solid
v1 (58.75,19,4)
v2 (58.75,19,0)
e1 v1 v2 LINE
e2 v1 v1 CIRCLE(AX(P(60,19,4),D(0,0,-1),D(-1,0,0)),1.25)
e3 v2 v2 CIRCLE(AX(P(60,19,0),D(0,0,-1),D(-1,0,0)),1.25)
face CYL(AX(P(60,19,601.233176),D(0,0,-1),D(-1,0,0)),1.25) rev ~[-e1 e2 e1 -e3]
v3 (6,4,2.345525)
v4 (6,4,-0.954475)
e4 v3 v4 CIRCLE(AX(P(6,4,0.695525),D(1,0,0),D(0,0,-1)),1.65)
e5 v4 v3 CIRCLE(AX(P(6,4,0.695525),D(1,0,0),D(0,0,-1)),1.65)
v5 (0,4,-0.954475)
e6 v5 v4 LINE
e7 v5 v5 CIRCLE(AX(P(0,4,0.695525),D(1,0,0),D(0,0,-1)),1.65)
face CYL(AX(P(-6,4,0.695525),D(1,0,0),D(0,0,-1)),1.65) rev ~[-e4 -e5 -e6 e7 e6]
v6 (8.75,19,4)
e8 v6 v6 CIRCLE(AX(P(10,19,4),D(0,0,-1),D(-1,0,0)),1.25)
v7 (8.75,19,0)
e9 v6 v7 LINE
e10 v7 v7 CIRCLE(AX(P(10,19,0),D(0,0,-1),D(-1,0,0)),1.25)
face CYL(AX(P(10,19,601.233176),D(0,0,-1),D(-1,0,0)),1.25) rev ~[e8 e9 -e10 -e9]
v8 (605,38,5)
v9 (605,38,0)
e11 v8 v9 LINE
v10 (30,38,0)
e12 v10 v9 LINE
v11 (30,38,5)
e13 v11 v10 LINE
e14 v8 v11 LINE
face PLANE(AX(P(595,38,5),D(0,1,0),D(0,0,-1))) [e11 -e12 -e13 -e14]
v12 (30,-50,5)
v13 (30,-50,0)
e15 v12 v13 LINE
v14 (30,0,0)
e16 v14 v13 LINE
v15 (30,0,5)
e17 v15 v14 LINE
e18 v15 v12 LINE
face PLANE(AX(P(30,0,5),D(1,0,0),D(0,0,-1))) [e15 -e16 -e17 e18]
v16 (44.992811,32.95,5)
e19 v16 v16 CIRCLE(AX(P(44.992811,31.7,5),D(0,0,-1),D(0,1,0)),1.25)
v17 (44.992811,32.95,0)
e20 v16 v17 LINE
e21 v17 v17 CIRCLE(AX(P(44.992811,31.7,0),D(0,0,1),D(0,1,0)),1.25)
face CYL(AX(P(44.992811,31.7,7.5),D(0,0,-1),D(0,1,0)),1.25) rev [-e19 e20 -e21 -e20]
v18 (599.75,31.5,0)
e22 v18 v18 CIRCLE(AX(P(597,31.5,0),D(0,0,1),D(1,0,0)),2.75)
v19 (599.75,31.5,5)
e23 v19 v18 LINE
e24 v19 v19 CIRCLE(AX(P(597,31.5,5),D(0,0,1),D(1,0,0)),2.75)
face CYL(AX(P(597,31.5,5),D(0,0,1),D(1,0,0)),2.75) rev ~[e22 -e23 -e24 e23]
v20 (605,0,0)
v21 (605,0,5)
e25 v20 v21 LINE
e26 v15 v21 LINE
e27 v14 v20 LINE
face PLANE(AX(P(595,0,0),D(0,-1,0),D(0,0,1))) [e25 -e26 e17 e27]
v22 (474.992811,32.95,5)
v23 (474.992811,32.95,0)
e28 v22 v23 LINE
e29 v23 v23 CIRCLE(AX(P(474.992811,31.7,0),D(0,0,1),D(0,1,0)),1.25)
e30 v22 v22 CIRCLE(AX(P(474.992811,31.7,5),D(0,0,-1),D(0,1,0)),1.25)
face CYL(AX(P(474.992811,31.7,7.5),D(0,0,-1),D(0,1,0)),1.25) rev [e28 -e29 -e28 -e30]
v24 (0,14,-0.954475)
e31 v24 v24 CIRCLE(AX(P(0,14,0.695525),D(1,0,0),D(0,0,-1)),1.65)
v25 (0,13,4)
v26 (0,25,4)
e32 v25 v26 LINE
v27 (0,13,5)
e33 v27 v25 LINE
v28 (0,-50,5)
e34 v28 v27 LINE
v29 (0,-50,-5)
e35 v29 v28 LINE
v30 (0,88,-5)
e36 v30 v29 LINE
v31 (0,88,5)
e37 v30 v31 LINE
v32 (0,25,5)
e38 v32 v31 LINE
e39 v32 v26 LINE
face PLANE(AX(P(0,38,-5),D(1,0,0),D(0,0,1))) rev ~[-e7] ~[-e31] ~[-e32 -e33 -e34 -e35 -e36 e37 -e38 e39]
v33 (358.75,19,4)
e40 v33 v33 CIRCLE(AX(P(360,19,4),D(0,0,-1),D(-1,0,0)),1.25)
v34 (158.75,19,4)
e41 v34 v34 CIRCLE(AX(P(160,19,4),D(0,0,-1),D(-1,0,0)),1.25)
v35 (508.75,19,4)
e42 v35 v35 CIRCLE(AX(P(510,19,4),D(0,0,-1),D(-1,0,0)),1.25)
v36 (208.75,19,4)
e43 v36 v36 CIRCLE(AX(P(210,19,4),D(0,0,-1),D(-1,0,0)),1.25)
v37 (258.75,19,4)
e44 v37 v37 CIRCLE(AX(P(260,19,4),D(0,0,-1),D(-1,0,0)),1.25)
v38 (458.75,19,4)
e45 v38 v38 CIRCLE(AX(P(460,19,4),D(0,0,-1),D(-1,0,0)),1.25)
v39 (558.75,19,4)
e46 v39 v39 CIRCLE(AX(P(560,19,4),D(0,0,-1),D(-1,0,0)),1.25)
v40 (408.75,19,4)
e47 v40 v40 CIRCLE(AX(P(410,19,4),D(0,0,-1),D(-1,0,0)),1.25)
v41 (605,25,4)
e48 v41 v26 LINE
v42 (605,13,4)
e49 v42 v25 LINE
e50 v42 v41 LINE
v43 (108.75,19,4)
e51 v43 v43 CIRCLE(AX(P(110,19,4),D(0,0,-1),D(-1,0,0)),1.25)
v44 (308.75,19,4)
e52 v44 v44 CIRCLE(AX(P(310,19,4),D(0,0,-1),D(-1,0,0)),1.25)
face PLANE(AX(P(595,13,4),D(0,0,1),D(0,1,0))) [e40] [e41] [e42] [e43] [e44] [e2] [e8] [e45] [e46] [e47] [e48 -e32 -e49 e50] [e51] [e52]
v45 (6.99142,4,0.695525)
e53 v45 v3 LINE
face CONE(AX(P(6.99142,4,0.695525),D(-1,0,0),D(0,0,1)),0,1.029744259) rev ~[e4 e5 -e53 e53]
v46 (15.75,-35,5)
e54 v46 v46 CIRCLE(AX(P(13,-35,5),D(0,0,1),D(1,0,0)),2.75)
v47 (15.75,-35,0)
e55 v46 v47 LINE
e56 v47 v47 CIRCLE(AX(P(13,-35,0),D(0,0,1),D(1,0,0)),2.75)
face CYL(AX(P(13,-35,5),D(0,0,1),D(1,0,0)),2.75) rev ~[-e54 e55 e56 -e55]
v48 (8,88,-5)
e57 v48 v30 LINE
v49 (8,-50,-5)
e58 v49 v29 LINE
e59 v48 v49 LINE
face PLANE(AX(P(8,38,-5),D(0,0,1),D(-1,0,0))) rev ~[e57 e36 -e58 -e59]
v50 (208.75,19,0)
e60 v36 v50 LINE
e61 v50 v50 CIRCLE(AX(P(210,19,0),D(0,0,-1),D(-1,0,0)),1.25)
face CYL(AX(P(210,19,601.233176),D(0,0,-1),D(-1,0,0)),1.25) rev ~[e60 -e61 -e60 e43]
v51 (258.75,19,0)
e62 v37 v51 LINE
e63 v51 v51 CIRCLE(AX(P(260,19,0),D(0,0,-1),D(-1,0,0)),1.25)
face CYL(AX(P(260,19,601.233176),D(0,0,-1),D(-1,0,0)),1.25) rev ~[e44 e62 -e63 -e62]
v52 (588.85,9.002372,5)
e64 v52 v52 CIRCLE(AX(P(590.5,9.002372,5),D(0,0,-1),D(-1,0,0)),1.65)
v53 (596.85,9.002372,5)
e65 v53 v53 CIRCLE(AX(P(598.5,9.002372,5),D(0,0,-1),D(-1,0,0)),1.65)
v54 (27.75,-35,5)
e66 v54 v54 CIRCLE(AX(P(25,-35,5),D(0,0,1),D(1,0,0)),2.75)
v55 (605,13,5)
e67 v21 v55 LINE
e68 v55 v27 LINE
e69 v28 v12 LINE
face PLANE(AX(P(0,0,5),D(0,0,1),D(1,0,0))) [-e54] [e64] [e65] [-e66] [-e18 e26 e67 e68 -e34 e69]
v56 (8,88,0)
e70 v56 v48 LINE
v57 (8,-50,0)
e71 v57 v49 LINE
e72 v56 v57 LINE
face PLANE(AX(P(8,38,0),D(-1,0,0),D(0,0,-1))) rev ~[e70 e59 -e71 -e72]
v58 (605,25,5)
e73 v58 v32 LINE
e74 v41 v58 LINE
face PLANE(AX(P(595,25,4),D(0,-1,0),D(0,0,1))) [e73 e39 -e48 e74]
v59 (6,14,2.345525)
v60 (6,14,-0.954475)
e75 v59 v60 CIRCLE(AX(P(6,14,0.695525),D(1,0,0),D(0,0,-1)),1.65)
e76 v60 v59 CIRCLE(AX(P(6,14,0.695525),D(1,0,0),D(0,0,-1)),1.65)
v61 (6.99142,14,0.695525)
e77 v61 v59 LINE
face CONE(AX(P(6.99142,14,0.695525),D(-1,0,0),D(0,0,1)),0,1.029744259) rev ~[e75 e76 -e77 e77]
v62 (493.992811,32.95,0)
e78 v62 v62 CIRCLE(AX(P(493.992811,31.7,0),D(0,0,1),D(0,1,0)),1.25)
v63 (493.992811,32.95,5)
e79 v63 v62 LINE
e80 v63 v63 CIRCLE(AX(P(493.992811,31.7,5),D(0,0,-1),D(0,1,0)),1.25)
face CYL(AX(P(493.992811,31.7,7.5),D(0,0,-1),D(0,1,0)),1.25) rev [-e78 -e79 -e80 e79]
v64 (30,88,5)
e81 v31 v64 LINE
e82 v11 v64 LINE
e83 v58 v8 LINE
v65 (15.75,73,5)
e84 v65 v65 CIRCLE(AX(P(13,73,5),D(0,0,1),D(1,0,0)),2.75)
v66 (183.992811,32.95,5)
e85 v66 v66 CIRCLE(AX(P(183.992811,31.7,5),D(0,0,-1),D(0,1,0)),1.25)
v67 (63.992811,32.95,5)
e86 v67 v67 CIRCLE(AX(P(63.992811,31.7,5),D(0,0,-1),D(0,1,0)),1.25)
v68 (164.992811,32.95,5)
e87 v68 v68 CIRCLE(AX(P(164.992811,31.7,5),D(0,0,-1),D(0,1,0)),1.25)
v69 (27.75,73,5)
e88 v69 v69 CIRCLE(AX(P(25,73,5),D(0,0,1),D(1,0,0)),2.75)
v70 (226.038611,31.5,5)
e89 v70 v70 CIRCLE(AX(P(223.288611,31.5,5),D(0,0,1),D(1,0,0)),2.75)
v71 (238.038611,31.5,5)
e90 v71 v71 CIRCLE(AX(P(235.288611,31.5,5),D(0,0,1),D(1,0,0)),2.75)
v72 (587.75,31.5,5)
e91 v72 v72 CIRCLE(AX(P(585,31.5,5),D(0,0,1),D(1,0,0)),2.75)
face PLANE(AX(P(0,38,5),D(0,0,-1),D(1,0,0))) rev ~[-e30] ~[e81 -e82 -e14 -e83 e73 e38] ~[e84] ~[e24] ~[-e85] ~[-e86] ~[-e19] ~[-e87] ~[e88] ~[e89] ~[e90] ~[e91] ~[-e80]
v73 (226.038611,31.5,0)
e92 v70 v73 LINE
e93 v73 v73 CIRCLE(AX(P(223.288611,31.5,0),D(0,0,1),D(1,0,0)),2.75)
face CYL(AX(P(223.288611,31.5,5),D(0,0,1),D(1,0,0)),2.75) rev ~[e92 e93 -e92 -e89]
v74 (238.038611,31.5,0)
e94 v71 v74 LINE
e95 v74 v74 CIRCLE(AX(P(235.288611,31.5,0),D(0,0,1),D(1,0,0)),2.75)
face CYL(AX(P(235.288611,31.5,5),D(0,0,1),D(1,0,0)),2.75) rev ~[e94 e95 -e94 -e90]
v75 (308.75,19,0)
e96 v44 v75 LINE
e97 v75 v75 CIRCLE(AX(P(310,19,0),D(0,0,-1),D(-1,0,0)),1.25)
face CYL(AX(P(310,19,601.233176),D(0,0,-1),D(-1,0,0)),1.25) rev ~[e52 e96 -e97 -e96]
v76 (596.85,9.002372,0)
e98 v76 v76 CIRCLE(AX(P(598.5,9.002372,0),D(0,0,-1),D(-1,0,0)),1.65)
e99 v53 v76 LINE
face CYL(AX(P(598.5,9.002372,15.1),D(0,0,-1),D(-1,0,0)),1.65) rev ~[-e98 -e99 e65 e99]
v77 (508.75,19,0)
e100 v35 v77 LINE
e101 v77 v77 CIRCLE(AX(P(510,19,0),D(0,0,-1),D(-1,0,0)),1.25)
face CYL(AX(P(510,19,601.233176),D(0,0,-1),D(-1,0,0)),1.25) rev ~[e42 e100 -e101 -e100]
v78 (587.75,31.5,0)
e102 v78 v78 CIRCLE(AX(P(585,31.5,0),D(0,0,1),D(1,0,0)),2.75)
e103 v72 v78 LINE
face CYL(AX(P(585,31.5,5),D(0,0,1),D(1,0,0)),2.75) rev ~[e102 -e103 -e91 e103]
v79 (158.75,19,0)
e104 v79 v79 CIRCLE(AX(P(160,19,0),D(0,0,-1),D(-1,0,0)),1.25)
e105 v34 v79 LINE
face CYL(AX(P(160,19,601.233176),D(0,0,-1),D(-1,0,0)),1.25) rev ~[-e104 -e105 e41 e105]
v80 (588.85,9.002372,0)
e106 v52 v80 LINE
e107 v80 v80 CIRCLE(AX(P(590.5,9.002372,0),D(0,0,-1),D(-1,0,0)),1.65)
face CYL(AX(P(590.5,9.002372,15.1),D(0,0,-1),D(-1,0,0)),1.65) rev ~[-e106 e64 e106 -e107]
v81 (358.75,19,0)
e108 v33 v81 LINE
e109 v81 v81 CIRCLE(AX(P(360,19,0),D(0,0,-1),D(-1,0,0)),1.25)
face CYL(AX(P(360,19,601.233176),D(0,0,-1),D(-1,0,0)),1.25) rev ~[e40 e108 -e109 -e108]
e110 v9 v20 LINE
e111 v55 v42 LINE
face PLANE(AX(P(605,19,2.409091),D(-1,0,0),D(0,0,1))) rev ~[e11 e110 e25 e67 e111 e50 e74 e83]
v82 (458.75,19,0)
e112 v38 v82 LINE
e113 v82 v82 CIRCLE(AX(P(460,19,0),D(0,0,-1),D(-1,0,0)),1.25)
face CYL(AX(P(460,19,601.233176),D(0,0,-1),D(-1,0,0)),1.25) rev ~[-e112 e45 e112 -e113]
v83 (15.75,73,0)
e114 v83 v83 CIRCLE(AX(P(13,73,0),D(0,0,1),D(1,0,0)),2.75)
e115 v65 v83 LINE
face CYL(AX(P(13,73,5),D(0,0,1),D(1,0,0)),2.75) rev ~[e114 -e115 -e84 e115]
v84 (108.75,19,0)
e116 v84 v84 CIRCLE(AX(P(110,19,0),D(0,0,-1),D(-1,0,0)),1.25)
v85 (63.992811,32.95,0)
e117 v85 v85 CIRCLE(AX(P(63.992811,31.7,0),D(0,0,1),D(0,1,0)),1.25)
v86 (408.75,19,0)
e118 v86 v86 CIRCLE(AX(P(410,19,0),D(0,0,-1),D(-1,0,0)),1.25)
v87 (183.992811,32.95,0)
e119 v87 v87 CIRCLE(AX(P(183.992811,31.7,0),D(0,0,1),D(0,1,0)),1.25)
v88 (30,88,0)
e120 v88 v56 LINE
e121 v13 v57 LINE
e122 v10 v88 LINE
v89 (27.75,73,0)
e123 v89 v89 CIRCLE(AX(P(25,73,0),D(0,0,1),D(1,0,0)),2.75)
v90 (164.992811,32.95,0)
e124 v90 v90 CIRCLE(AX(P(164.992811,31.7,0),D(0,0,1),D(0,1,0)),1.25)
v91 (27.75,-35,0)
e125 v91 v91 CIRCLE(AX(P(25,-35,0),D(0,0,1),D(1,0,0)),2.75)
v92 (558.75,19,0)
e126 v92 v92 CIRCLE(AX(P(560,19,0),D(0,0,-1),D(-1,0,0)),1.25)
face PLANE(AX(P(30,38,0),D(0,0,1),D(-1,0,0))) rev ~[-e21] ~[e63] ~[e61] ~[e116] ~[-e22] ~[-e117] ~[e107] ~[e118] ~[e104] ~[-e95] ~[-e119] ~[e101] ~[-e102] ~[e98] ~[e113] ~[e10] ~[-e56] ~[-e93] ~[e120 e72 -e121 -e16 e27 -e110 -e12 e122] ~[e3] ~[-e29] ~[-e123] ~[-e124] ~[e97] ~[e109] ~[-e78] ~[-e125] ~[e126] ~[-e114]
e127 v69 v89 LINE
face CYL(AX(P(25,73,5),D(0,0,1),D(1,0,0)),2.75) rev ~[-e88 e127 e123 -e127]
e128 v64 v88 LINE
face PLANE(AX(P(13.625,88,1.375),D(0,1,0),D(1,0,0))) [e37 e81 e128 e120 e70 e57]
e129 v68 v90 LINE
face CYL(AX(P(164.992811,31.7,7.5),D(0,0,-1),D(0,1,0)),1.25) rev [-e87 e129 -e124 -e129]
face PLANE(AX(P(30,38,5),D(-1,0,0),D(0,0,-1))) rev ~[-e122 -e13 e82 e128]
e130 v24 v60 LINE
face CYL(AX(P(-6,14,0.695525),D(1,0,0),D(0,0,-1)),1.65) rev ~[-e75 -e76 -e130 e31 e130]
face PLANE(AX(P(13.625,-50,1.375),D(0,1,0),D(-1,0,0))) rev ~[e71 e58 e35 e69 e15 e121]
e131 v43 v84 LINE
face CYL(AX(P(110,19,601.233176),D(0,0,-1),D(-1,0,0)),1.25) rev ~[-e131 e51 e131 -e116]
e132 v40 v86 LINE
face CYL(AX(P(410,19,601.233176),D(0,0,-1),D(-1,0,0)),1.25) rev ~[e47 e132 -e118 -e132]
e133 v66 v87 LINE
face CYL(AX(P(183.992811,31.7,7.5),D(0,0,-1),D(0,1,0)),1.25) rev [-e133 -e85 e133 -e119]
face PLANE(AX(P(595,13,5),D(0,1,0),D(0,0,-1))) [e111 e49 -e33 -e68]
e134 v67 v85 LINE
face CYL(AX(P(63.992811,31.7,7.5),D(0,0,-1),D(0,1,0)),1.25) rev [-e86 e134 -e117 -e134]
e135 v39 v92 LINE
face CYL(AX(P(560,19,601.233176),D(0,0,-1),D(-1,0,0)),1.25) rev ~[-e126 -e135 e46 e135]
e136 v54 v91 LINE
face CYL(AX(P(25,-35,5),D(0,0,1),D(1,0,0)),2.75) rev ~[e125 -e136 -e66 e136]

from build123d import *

# Parameters (mm, degrees)
SKETCH_1_W                  = 595
SKETCH_1_H                  = 38
EXTRUDE_1_DEPTH             = 5
HOLE_WIZARD_M3_1_D          = 2.5
PATTERN_LINEAR_1_COUNT      = 12
PATTERN_LINEAR_1_PITCH      = 50
SKETCH_4_W                  = 595
SKETCH_4_H                  = 12
CUT_EXTRUDE_1_DEPTH         = 1
SKETCH_5_W                  = 5
SKETCH_5_H                  = 38
EXTRUDE_2_DEPTH             = 8
HOLE_WIZARD_M4_1_D          = 3.3
HOLE_WIZARD_M4_1_DEPTH      = 6
HOLE_WIZARD_M4_1_TIP        = 0.991420021
EXTRUDE_3_DEPTH             = 10
HOLE_WIZARD_M4_2_D          = 3.3
HOLE_WIZARD_M4_2_DEPTH      = 10.1
HOLE_WIZARD_M4_2_TIP        = 0.991420021
HOLE_WIZARD_M3_2_AT_2_COUNT = 2
HOLE_WIZARD_M3_2_AT_2_PITCH = 19
PATTERN_LINEAR_2_COUNT      = 2
PATTERN_LINEAR_2_PITCH      = 120
PATTERN_LINEAR_3_COUNT      = 2
PATTERN_LINEAR_3_PITCH      = 430
EXTRUDE_4_DEPTH             = 50
EXTRUDE_5_DEPTH             = 50
SKETCH_18_R                 = 2.75
CUT_EXTRUDE_2_DEPTH         = 8
SKETCH_19_R                 = 2.75
CUT_EXTRUDE_3_DEPTH         = 8
SKETCH_20_R                 = 2.75
CUT_EXTRUDE_4_DEPTH         = 8


with BuildPart() as part:
    # 草图1 → 凸台-拉伸1 (new body)
    with BuildSketch(Plane.XY):
        with Locations((297.5, 19)):
            Rectangle(SKETCH_1_W, SKETCH_1_H)
    extrude(amount=EXTRUDE_1_DEPTH)

    # M3 螺纹孔1 (through all)
    with Locations(Plane.XY.offset(5)):
        with Locations((10, 19)):
            hole_wizard_m3_1 = Hole(HOLE_WIZARD_M3_1_D / 2)

    # 阵列(线性)1: M3 螺纹孔1 ×12
    with Locations(*[(i * PATTERN_LINEAR_1_PITCH, 0, 0) for i in range(1, PATTERN_LINEAR_1_COUNT)]):
        add(hole_wizard_m3_1, mode=Mode.SUBTRACT)

    # 草图4 → 切除-拉伸1 (cut)
    with BuildSketch(Plane.XY.offset(5)):
        with Locations((297.5, 19)):
            Rectangle(SKETCH_4_W, SKETCH_4_H)
    extrude(amount=-CUT_EXTRUDE_1_DEPTH, mode=Mode.SUBTRACT)

    # 草图5 → 凸台-拉伸2 (add)
    with BuildSketch(Plane.ZY):
        with Locations((-2.5, 19)):
            Rectangle(SKETCH_5_W, SKETCH_5_H)
    extrude(amount=-EXTRUDE_2_DEPTH)

    # M4 螺纹孔1
    with Locations(Plane.ZY):
        with Locations((0.69552528, 14), (0.69552528, 4)):
            Hole(HOLE_WIZARD_M4_1_D / 2, depth=HOLE_WIZARD_M4_1_DEPTH)
            with Locations((0, 0, -(HOLE_WIZARD_M4_1_DEPTH + HOLE_WIZARD_M4_1_TIP / 2))):  # 118° drill point
                Cone(0, HOLE_WIZARD_M4_1_D / 2, HOLE_WIZARD_M4_1_TIP, mode=Mode.SUBTRACT)

    # 草图8 → 凸台-拉伸3 (add)
    with BuildSketch(Plane(origin=(595, 0, 0), x_dir=(0, 0, -1), z_dir=(1, 0, 0))):
        Polygon((-5, 0), (-5, 13), (-4, 13), (-4, 25), (-5, 25), (-5, 38), (0, 38), (0, 0), align=None)
    extrude(amount=EXTRUDE_3_DEPTH)

    # M4 螺纹孔2
    with Locations(Plane.XY.offset(5)):
        with Locations((598.5, 9.00237217), (590.5, 9.00237217)):
            Hole(HOLE_WIZARD_M4_2_D / 2, depth=HOLE_WIZARD_M4_2_DEPTH)
            with Locations((0, 0, -(HOLE_WIZARD_M4_2_DEPTH + HOLE_WIZARD_M4_2_TIP / 2))):  # 118° drill point
                Cone(0, HOLE_WIZARD_M4_2_D / 2, HOLE_WIZARD_M4_2_TIP, mode=Mode.SUBTRACT)

    # 草图13 → M3 螺纹孔2 (revolve, cut)
    with BuildSketch(Plane(origin=(44.992811473, 31.7, 0), x_dir=(0, 1, 0), z_dir=(1, 0, 0))):
        Polygon((0, 0), (0, 8.251075774), (1.25, 7.5), (1.25, 0), align=None)
    hole_wizard_m3_2 = revolve(axis=Axis((44.992811473, 31.7, -6.35), (0, 0, 1)), mode=Mode.SUBTRACT)

    # M3 螺纹孔2 at 2: M3 螺纹孔2 ×2
    with Locations(*[(i * HOLE_WIZARD_M3_2_AT_2_PITCH, 0, 0) for i in range(1, HOLE_WIZARD_M3_2_AT_2_COUNT)]):
        add(hole_wizard_m3_2, mode=Mode.SUBTRACT)

    # 阵列(线性)2: M3 螺纹孔2 ×2
    with Locations(*[(i * PATTERN_LINEAR_2_PITCH, 0, 0) for i in range(1, PATTERN_LINEAR_2_COUNT)]):
        add(hole_wizard_m3_2, mode=Mode.SUBTRACT)

    # 阵列(线性)2 copy 1 sketch → 阵列(线性)2 copy 1 (revolve, cut)
    with BuildSketch(Plane(origin=(183.992811473, 31.7, 0), x_dir=(0, 1, 0), z_dir=(1, 0, 0))):
        Polygon((0, 0), (0, 8.251075774), (1.25, 7.5), (1.25, 0), align=None)
    revolve(axis=Axis((183.992811473, 31.7, -6.35), (0, 0, 1)), mode=Mode.SUBTRACT)

    # 阵列(线性)3: M3 螺纹孔2 ×2
    with Locations(*[(i * PATTERN_LINEAR_3_PITCH, 0, 0) for i in range(1, PATTERN_LINEAR_3_COUNT)]):
        add(hole_wizard_m3_2, mode=Mode.SUBTRACT)

    # 阵列(线性)3 copy 1 sketch → 阵列(线性)3 copy 1 (revolve, cut)
    with BuildSketch(Plane(origin=(493.992811473, 31.7, 0), x_dir=(0, 1, 0), z_dir=(1, 0, 0))):
        Polygon((0, 0), (0, 8.251075774), (1.25, 7.5), (1.25, 0), align=None)
    revolve(axis=Axis((493.992811473, 31.7, -6.35), (0, 0, 1)), mode=Mode.SUBTRACT)

    # 草图14 → 凸台-拉伸4 (add)
    with BuildSketch(Plane.XZ):
        Polygon((8, -5), (0, -5), (0, 5), (30, 5), (30, 0), (8, 0), align=None)
    extrude(amount=EXTRUDE_4_DEPTH)

    # 草图15 → 凸台-拉伸5 (add)
    with BuildSketch(Plane(origin=(0, 38, 0), x_dir=(1, 0, 0), z_dir=(0, 1, 0))):
        Polygon((0, 5), (0, -5), (30, -5), (30, 0), (8, 0), (8, 5), align=None)
    extrude(amount=EXTRUDE_5_DEPTH)

    # 草图18 → 切除-拉伸2 (cut)
    with BuildSketch(Plane.XY.offset(5)):
        with Locations((25, 73)):
            Circle(SKETCH_18_R)
        with Locations((13, 73)):
            Circle(SKETCH_18_R)
        with Locations((13, -35)):
            Circle(SKETCH_18_R)
        with Locations((25, -35)):
            Circle(SKETCH_18_R)
    extrude(amount=-CUT_EXTRUDE_2_DEPTH, mode=Mode.SUBTRACT)

    # 草图19 → 切除-拉伸3 (cut)
    with BuildSketch(Plane.XY.offset(5)):
        with Locations((585, 31.5)):
            Circle(SKETCH_19_R)
        with Locations((597, 31.5)):
            Circle(SKETCH_19_R)
    extrude(amount=-CUT_EXTRUDE_3_DEPTH, mode=Mode.SUBTRACT)

    # 草图20 → 切除-拉伸4 (cut)
    with BuildSketch(Plane.XY.offset(5)):
        with Locations((235.288610816, 31.5)):
            Circle(SKETCH_20_R)
        with Locations((223.288610816, 31.5)):
            Circle(SKETCH_20_R)
    extrude(amount=-CUT_EXTRUDE_4_DEPTH, mode=Mode.SUBTRACT)


solid = part.part
